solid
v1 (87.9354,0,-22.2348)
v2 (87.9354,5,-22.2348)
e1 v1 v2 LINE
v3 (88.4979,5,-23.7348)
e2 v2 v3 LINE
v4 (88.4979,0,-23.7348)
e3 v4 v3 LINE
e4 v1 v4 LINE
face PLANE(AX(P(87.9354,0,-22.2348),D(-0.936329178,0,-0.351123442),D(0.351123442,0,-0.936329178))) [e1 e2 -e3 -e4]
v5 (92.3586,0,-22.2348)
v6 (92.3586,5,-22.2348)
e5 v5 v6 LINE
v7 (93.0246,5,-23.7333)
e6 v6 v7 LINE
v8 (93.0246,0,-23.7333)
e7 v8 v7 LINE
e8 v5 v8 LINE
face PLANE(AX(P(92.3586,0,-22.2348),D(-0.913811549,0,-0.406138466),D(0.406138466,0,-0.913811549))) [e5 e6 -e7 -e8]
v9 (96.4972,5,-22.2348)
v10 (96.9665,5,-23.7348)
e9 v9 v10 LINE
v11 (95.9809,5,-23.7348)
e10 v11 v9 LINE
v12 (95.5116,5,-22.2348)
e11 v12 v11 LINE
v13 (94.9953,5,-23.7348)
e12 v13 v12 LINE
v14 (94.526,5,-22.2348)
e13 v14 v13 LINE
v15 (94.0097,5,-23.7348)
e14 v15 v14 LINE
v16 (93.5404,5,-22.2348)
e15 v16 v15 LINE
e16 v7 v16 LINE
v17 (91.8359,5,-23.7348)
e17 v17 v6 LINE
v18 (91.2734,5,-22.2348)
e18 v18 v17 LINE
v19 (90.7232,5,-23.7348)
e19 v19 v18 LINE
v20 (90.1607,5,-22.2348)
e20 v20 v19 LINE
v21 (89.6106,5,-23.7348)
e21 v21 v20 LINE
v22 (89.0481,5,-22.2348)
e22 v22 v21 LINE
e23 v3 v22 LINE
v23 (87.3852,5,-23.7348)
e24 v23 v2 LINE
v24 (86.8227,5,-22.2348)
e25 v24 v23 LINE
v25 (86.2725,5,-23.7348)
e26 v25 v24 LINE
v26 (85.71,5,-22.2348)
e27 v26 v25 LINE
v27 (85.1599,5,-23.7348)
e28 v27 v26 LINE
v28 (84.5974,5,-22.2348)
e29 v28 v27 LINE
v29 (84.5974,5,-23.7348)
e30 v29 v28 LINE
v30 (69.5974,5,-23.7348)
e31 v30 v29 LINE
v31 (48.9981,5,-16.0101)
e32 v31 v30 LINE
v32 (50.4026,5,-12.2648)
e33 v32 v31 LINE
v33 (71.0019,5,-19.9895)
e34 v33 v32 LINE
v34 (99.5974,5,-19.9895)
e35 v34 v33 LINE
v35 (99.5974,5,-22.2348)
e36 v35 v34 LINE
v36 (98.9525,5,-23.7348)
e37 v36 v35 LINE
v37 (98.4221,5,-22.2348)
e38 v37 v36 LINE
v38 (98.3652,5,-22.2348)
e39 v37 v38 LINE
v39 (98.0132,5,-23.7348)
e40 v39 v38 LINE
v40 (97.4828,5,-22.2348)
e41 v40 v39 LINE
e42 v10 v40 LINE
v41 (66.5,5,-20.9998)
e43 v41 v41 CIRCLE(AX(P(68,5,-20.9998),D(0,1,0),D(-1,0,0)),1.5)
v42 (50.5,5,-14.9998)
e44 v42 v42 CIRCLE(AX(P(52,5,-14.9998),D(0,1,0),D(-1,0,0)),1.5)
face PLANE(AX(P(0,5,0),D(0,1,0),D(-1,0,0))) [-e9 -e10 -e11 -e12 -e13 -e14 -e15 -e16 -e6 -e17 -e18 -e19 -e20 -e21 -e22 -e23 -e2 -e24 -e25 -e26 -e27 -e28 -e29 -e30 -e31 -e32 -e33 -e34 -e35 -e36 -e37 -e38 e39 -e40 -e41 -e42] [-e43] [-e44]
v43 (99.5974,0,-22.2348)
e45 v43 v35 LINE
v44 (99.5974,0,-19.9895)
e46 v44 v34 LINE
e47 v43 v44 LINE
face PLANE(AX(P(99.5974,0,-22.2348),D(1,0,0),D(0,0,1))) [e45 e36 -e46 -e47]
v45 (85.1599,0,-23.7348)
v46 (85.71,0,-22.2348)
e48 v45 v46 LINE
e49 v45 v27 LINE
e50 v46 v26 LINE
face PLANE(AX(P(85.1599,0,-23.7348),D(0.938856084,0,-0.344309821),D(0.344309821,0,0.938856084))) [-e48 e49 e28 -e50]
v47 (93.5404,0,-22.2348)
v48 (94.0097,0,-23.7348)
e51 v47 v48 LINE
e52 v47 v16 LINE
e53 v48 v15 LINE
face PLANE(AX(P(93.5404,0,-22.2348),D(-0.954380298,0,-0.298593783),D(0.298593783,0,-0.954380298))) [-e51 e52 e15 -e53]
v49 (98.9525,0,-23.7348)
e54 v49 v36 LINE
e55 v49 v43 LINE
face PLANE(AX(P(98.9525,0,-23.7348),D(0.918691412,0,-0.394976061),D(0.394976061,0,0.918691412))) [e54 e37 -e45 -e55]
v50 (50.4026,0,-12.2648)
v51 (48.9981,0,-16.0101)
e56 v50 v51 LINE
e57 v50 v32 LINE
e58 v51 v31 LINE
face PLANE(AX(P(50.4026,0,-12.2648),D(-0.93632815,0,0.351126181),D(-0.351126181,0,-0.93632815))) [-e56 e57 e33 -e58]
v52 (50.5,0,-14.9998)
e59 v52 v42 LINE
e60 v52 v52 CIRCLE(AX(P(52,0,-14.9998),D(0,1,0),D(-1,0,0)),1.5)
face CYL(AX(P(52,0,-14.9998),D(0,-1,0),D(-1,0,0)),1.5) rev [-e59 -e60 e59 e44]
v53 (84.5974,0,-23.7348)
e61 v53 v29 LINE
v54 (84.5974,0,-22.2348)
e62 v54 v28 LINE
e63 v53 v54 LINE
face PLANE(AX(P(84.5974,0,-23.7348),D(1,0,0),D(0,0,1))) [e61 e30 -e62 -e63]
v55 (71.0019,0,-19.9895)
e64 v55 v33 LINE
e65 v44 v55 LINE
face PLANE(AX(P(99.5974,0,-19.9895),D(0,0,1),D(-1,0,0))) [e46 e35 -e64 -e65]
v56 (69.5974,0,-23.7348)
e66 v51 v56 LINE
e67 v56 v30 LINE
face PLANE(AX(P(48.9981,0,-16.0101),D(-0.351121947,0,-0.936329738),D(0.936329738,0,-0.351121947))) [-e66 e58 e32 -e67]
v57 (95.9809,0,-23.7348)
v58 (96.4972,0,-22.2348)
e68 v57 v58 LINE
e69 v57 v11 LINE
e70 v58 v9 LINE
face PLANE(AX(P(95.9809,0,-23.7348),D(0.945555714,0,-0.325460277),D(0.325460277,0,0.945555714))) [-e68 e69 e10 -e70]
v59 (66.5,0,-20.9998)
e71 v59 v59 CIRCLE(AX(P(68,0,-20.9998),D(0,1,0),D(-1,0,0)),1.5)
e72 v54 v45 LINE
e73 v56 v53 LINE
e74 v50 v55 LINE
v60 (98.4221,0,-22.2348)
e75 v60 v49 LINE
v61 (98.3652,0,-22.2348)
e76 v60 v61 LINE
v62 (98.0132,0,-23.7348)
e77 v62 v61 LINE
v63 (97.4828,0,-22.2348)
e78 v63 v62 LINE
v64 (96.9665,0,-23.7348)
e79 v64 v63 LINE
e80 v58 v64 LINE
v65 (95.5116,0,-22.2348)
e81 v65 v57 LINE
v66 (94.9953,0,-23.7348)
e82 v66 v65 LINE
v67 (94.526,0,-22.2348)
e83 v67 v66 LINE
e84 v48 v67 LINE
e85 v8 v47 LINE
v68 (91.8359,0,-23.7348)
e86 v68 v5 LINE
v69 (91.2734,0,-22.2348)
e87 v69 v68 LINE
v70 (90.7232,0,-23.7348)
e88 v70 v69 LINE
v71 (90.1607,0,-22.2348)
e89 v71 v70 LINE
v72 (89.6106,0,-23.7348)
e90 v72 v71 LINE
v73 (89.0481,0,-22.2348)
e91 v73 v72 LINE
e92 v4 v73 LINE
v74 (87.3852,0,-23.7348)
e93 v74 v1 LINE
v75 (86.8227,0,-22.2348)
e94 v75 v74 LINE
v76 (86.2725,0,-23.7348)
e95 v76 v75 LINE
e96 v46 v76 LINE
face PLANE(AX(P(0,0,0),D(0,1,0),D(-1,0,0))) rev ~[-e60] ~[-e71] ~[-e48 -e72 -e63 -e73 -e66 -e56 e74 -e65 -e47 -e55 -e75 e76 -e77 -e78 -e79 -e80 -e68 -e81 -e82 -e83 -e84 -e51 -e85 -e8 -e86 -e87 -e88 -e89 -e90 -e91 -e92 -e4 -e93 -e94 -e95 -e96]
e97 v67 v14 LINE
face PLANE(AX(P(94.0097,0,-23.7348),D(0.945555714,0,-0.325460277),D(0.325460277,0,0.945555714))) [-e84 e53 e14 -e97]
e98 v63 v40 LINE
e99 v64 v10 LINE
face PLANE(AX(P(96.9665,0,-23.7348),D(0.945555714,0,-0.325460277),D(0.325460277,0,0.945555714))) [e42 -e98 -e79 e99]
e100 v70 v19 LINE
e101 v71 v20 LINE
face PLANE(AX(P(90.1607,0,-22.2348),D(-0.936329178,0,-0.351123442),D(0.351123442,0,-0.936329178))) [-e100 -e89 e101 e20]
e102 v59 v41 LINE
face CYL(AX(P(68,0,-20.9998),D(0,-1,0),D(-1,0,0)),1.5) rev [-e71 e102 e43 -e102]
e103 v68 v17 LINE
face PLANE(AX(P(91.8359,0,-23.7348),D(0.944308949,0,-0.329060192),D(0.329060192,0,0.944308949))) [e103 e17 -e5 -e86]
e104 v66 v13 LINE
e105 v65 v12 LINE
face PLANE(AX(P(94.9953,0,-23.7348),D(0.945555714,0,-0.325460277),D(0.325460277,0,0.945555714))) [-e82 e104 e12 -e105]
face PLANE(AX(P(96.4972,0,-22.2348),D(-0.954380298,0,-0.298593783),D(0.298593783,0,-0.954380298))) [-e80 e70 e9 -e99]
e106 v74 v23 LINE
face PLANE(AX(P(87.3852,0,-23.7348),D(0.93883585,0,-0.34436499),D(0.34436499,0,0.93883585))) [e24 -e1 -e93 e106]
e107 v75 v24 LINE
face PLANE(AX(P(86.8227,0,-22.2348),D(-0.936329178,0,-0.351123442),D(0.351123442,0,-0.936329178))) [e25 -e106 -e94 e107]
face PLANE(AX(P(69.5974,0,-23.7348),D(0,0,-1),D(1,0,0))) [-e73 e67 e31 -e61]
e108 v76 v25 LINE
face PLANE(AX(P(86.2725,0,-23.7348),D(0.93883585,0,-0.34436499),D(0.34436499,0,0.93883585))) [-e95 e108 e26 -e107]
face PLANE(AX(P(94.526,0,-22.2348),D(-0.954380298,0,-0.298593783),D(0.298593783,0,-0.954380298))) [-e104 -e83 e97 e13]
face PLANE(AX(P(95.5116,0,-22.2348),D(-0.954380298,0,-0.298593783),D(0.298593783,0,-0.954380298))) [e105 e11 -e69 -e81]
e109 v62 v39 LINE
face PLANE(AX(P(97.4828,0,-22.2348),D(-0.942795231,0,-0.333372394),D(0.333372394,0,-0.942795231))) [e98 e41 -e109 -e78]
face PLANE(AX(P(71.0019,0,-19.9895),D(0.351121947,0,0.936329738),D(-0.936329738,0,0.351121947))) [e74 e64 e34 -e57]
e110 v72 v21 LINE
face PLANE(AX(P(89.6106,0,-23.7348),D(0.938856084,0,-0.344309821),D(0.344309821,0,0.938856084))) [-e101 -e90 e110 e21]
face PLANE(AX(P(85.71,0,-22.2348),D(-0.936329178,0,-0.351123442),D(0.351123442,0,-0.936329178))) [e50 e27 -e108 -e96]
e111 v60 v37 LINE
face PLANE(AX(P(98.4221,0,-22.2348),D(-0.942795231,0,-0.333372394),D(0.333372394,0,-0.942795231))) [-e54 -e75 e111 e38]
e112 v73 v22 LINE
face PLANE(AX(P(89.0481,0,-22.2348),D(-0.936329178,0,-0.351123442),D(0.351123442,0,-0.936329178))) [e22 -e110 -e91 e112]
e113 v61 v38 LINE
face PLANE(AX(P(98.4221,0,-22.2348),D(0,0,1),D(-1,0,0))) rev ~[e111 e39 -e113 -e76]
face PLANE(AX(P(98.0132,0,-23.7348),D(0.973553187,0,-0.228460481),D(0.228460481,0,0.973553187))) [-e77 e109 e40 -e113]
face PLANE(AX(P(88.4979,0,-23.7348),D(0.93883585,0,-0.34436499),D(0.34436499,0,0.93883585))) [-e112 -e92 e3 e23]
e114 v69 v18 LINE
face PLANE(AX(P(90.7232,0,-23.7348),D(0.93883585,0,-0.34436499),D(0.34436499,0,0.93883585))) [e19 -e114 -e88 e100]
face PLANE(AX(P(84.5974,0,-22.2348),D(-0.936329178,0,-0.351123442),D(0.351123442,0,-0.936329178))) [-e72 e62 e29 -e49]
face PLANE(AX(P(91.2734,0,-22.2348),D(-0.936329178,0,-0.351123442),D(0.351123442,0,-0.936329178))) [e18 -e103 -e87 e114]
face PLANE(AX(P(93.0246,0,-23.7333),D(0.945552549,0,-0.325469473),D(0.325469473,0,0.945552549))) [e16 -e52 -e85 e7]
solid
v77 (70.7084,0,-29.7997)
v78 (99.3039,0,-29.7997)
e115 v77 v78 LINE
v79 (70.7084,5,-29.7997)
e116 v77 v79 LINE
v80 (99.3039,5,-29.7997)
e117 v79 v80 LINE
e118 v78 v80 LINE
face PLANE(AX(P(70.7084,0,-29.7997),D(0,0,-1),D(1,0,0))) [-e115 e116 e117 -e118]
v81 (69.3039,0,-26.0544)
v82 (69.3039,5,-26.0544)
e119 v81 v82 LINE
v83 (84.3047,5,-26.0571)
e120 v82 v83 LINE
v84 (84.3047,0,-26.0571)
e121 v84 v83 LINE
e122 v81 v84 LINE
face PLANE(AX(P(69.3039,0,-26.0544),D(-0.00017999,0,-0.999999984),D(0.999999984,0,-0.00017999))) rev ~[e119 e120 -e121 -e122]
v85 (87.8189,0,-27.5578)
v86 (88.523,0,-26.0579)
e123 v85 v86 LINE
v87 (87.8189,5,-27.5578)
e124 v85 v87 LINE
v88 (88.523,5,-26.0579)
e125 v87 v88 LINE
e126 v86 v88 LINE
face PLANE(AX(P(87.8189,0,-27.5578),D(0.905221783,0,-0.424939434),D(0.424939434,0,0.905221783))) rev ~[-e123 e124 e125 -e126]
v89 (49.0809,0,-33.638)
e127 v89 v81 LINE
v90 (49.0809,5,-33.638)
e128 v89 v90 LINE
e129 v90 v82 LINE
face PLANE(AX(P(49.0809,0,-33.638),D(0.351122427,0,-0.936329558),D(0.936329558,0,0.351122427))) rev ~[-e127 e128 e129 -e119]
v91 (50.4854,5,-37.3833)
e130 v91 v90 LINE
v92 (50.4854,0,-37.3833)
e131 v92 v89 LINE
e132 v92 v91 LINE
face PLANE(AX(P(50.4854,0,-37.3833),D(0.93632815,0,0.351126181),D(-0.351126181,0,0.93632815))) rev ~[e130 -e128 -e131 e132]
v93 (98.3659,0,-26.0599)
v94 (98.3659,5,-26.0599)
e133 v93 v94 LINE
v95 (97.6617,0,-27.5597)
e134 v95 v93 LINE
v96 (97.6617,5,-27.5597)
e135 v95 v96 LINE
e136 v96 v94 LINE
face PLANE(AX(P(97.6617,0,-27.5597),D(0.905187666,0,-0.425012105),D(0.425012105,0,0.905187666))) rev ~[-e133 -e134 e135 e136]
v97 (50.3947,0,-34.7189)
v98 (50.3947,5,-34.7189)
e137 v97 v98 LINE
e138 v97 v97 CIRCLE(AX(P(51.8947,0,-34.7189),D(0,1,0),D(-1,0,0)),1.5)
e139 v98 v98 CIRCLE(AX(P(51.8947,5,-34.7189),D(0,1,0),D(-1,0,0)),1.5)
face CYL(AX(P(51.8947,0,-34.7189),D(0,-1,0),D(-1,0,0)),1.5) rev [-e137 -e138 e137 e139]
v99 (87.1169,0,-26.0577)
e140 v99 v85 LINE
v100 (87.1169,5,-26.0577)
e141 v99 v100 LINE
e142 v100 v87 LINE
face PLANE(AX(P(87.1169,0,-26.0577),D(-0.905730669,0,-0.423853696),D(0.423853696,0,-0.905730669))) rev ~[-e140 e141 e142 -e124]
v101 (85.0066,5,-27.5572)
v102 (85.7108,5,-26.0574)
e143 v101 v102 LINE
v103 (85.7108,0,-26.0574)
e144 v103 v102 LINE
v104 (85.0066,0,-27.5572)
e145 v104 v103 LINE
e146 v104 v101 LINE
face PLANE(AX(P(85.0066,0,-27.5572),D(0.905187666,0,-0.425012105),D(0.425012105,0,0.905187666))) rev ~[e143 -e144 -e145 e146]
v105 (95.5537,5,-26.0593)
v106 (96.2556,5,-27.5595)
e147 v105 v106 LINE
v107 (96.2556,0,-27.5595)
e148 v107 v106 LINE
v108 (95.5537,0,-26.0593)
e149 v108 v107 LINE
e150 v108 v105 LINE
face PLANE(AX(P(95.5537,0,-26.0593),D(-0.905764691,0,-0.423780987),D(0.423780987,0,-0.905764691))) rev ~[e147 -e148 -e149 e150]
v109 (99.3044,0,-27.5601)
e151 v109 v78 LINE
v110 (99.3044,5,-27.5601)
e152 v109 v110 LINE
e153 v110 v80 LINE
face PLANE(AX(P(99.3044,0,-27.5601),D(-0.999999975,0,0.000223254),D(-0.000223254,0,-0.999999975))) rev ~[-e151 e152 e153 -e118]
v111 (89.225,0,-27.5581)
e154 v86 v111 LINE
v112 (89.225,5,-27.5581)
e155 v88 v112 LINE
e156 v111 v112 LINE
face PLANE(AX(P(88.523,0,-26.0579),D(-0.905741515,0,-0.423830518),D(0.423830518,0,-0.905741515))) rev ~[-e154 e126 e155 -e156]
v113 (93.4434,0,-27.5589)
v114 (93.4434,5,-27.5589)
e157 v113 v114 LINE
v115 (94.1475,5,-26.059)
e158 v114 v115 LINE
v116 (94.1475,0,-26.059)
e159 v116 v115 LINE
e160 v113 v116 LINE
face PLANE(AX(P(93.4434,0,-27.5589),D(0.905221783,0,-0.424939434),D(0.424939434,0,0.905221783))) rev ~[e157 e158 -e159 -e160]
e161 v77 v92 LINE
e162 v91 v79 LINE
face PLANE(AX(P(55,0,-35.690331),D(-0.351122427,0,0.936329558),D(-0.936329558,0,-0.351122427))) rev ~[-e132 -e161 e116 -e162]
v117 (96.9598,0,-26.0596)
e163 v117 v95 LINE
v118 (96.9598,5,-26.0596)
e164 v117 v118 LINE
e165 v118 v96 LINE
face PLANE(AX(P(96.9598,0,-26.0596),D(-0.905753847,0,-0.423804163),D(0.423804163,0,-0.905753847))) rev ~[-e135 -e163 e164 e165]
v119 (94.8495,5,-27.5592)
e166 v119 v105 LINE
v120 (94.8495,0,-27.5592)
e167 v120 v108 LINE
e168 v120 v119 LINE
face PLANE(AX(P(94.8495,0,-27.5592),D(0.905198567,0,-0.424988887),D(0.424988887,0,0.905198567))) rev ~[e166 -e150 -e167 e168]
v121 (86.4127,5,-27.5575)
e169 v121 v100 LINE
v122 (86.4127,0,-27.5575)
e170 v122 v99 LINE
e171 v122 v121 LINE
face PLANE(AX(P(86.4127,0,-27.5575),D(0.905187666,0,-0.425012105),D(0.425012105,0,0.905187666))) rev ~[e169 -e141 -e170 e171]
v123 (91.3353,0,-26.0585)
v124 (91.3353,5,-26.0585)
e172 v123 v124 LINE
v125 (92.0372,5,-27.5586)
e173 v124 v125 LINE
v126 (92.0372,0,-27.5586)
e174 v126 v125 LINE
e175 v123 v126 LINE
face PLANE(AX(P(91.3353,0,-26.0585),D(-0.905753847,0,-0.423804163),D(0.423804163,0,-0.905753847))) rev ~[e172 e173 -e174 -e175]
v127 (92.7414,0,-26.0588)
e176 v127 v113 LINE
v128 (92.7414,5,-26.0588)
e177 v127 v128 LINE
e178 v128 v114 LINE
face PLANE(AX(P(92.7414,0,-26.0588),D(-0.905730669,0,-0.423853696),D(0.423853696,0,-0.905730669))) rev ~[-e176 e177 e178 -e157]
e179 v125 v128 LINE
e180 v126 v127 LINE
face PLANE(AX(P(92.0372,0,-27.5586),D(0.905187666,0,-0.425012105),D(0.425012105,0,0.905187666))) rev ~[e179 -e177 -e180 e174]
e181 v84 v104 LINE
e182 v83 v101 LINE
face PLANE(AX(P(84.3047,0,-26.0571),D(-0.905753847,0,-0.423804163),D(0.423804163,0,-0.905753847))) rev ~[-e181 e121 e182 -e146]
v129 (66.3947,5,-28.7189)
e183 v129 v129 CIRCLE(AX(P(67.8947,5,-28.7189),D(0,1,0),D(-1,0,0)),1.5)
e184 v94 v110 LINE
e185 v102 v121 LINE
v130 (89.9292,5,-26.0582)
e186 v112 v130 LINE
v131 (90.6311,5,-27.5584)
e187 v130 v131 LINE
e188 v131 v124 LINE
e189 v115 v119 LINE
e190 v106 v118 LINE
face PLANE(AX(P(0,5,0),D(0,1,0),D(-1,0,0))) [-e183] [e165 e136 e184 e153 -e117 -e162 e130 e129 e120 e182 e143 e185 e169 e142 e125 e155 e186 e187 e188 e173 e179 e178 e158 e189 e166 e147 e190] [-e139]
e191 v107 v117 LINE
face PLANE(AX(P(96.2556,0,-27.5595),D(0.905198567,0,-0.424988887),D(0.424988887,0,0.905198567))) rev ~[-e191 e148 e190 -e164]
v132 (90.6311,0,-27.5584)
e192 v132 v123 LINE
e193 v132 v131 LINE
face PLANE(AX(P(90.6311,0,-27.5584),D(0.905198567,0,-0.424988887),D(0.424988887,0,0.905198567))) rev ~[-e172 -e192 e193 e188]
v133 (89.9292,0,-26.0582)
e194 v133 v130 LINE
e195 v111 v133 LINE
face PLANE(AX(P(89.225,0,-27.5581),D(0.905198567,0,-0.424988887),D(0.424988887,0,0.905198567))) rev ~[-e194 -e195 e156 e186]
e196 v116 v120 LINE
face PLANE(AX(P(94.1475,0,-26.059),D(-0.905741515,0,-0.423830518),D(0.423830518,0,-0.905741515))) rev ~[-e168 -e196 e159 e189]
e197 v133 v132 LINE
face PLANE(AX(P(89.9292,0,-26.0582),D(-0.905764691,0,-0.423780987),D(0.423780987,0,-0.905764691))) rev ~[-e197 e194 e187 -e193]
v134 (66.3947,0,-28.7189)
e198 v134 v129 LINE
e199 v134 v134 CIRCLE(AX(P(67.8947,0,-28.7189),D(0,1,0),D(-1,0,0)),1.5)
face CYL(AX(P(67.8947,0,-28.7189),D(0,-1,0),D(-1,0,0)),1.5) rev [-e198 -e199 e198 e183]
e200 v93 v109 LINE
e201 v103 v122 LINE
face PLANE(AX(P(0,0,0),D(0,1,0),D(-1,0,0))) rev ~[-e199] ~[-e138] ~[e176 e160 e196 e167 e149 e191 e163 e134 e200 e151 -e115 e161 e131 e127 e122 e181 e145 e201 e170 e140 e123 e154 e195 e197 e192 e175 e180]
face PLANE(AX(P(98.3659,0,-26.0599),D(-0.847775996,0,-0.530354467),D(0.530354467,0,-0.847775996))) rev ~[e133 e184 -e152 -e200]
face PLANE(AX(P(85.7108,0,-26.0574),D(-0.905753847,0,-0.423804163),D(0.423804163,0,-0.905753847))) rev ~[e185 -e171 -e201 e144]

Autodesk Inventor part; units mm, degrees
ref_plane "YZ Plane" through (0, 0, 0) normal (1, 0, 0) x (0, 1, 0)
ref_plane "XZ Plane" through (0, 0, 0) normal (0, 1, 0) x (-1, 0, 0)
ref_plane "XY Plane" through (0, 0, 0) normal (0, 0, 1) x (1, 0, 0)
sketch "Sketch1" plane through (0, 0, 0) normal (0, 1, 0) x (-1, 0, 0)
  line L0 (-55, -17.4998) -> (-55, -12.4998)
  line L1 (-55, -37.4998) -> (-55, -32.4998)
  circle A0 centre (-51.8947, -34.7189) radius 1.5
  circle A1 centre (-67.8947, -28.7189) radius 1.5
  circle A2 centre (-68, -20.9998) radius 1.5
  circle A3 centre (-52, -14.9998) radius 1.5
  line L2 (-49.0809, -33.638) -> (-69.3039, -26.0544)
  line L3 (-70.7084, -29.7997) -> (-50.4854, -37.3833)
  line L4 (-50.4854, -37.3833) -> (-49.0809, -33.638)
  line L5 (-49.0809, -33.638) -> (-70.7084, -29.7997) construction
  line L6 (-69.3039, -26.0544) -> (-50.4854, -37.3833) construction
  line L7 (-48.9981, -16.0101) -> (-69.5974, -23.7348)
  line L8 (-71.0019, -19.9895) -> (-50.4026, -12.2648)
  line L9 (-50.4026, -12.2648) -> (-48.9981, -16.0101)
  line L10 (-48.9981, -16.0101) -> (-71.0019, -19.9895) construction
  line L11 (-69.5974, -23.7348) -> (-50.4026, -12.2648) construction
  line L12 (-99.5974, -19.9895) -> (-71.0019, -19.9895)
  line L13 (-84.3047, -26.0571) -> (-85.0066, -27.5572)
  line L14 (-85.0066, -27.5572) -> (-85.7108, -26.0574)
  line L15 (-85.7108, -26.0574) -> (-86.4127, -27.5575)
  line L16 (-86.4127, -27.5575) -> (-87.1169, -26.0577)
  line L17 (-87.1169, -26.0577) -> (-87.8189, -27.5578)
  line L18 (-87.8189, -27.5578) -> (-88.523, -26.0579)
  line L19 (-88.523, -26.0579) -> (-89.225, -27.5581)
  line L20 (-89.225, -27.5581) -> (-89.9292, -26.0582)
  line L21 (-89.9292, -26.0582) -> (-90.6311, -27.5584)
  line L22 (-90.6311, -27.5584) -> (-91.3353, -26.0585)
  line L23 (-91.3353, -26.0585) -> (-92.0372, -27.5586)
  line L24 (-92.0372, -27.5586) -> (-92.7414, -26.0588)
  line L25 (-92.7414, -26.0588) -> (-93.4434, -27.5589)
  line L26 (-93.4434, -27.5589) -> (-94.1475, -26.059)
  line L27 (-94.1475, -26.059) -> (-94.8495, -27.5592)
  line L28 (-94.8495, -27.5592) -> (-95.5537, -26.0593)
  line L29 (-95.5537, -26.0593) -> (-96.2556, -27.5595)
  line L30 (-96.2556, -27.5595) -> (-96.9598, -26.0596)
  line L31 (-96.9598, -26.0596) -> (-97.6617, -27.5597)
  line L32 (-97.6617, -27.5597) -> (-98.3659, -26.0599)
  line L33 (-98.3659, -26.0599) -> (-99.3044, -27.5601)
  line L34 (-69.3039, -26.0544) -> (-84.3047, -26.0571)
  line L35 (-84.5974, -23.7348) -> (-84.5974, -22.2348)
  line L36 (-84.5974, -22.2348) -> (-85.1599, -23.7348)
  line L37 (-85.1599, -23.7348) -> (-85.71, -22.2348)
  line L38 (-85.71, -22.2348) -> (-86.2725, -23.7348)
  line L39 (-86.2725, -23.7348) -> (-86.8227, -22.2348)
  line L40 (-86.8227, -22.2348) -> (-87.3852, -23.7348)
  line L41 (-87.3852, -23.7348) -> (-87.9354, -22.2348)
  line L42 (-87.9354, -22.2348) -> (-88.4979, -23.7348)
  line L43 (-88.4979, -23.7348) -> (-89.0481, -22.2348)
  line L44 (-89.0481, -22.2348) -> (-89.6106, -23.7348)
  line L45 (-89.6106, -23.7348) -> (-90.1607, -22.2348)
  line L46 (-90.1607, -22.2348) -> (-90.7232, -23.7348)
  line L47 (-90.7232, -23.7348) -> (-91.2734, -22.2348)
  line L48 (-91.2734, -22.2348) -> (-91.8359, -23.7348)
  line L49 (-91.8359, -23.7348) -> (-92.3586, -22.2348)
  line L50 (-92.3586, -22.2348) -> (-93.0246, -23.7333)
  line L51 (-93.0246, -23.7333) -> (-93.5404, -22.2348)
  line L52 (-93.5404, -22.2348) -> (-94.0097, -23.7348)
  line L53 (-94.0097, -23.7348) -> (-94.526, -22.2348)
  line L54 (-94.526, -22.2348) -> (-94.9953, -23.7348)
  line L55 (-94.9953, -23.7348) -> (-95.5116, -22.2348)
  line L56 (-95.5116, -22.2348) -> (-95.9809, -23.7348)
  line L57 (-95.9809, -23.7348) -> (-96.4972, -22.2348)
  line L58 (-96.4972, -22.2348) -> (-96.9665, -23.7348)
  line L59 (-96.9665, -23.7348) -> (-97.4828, -22.2348)
  line L60 (-97.4828, -22.2348) -> (-98.0132, -23.7348)
  line L61 (-98.0132, -23.7348) -> (-98.3652, -22.2348)
  line L62 (-98.4221, -22.2348) -> (-98.9525, -23.7348)
  line L63 (-98.9525, -23.7348) -> (-99.5974, -22.2348)
  line L64 (-69.5974, -23.7348) -> (-84.5974, -23.7348)
  line L65 (-99.5974, -22.2348) -> (-99.5974, -19.9895)
  line L66 (-99.3044, -27.5601) -> (-99.3039, -29.7997)
  line L67 (-98.4221, -22.2348) -> (-98.3652, -22.2348)
  line L68 (-70.7084, -29.7997) -> (-99.3039, -29.7997)
  point P0 (0, 0)
  point P1 (-59.8947, -31.7189)
  point P2 (-60, -17.9998)
  dimension "d22" = 3
  dimension "d23" = 3
  dimension "d24" = 3
  dimension "d25" = 4
  dimension "d26" = 22
  dimension "d27" = 4
  dimension "d33" = 1.5
extrude "Extrusion1" add sketch "Sketch1" along normal blind 5
properties part number "chwytakzabkikoncowka"
